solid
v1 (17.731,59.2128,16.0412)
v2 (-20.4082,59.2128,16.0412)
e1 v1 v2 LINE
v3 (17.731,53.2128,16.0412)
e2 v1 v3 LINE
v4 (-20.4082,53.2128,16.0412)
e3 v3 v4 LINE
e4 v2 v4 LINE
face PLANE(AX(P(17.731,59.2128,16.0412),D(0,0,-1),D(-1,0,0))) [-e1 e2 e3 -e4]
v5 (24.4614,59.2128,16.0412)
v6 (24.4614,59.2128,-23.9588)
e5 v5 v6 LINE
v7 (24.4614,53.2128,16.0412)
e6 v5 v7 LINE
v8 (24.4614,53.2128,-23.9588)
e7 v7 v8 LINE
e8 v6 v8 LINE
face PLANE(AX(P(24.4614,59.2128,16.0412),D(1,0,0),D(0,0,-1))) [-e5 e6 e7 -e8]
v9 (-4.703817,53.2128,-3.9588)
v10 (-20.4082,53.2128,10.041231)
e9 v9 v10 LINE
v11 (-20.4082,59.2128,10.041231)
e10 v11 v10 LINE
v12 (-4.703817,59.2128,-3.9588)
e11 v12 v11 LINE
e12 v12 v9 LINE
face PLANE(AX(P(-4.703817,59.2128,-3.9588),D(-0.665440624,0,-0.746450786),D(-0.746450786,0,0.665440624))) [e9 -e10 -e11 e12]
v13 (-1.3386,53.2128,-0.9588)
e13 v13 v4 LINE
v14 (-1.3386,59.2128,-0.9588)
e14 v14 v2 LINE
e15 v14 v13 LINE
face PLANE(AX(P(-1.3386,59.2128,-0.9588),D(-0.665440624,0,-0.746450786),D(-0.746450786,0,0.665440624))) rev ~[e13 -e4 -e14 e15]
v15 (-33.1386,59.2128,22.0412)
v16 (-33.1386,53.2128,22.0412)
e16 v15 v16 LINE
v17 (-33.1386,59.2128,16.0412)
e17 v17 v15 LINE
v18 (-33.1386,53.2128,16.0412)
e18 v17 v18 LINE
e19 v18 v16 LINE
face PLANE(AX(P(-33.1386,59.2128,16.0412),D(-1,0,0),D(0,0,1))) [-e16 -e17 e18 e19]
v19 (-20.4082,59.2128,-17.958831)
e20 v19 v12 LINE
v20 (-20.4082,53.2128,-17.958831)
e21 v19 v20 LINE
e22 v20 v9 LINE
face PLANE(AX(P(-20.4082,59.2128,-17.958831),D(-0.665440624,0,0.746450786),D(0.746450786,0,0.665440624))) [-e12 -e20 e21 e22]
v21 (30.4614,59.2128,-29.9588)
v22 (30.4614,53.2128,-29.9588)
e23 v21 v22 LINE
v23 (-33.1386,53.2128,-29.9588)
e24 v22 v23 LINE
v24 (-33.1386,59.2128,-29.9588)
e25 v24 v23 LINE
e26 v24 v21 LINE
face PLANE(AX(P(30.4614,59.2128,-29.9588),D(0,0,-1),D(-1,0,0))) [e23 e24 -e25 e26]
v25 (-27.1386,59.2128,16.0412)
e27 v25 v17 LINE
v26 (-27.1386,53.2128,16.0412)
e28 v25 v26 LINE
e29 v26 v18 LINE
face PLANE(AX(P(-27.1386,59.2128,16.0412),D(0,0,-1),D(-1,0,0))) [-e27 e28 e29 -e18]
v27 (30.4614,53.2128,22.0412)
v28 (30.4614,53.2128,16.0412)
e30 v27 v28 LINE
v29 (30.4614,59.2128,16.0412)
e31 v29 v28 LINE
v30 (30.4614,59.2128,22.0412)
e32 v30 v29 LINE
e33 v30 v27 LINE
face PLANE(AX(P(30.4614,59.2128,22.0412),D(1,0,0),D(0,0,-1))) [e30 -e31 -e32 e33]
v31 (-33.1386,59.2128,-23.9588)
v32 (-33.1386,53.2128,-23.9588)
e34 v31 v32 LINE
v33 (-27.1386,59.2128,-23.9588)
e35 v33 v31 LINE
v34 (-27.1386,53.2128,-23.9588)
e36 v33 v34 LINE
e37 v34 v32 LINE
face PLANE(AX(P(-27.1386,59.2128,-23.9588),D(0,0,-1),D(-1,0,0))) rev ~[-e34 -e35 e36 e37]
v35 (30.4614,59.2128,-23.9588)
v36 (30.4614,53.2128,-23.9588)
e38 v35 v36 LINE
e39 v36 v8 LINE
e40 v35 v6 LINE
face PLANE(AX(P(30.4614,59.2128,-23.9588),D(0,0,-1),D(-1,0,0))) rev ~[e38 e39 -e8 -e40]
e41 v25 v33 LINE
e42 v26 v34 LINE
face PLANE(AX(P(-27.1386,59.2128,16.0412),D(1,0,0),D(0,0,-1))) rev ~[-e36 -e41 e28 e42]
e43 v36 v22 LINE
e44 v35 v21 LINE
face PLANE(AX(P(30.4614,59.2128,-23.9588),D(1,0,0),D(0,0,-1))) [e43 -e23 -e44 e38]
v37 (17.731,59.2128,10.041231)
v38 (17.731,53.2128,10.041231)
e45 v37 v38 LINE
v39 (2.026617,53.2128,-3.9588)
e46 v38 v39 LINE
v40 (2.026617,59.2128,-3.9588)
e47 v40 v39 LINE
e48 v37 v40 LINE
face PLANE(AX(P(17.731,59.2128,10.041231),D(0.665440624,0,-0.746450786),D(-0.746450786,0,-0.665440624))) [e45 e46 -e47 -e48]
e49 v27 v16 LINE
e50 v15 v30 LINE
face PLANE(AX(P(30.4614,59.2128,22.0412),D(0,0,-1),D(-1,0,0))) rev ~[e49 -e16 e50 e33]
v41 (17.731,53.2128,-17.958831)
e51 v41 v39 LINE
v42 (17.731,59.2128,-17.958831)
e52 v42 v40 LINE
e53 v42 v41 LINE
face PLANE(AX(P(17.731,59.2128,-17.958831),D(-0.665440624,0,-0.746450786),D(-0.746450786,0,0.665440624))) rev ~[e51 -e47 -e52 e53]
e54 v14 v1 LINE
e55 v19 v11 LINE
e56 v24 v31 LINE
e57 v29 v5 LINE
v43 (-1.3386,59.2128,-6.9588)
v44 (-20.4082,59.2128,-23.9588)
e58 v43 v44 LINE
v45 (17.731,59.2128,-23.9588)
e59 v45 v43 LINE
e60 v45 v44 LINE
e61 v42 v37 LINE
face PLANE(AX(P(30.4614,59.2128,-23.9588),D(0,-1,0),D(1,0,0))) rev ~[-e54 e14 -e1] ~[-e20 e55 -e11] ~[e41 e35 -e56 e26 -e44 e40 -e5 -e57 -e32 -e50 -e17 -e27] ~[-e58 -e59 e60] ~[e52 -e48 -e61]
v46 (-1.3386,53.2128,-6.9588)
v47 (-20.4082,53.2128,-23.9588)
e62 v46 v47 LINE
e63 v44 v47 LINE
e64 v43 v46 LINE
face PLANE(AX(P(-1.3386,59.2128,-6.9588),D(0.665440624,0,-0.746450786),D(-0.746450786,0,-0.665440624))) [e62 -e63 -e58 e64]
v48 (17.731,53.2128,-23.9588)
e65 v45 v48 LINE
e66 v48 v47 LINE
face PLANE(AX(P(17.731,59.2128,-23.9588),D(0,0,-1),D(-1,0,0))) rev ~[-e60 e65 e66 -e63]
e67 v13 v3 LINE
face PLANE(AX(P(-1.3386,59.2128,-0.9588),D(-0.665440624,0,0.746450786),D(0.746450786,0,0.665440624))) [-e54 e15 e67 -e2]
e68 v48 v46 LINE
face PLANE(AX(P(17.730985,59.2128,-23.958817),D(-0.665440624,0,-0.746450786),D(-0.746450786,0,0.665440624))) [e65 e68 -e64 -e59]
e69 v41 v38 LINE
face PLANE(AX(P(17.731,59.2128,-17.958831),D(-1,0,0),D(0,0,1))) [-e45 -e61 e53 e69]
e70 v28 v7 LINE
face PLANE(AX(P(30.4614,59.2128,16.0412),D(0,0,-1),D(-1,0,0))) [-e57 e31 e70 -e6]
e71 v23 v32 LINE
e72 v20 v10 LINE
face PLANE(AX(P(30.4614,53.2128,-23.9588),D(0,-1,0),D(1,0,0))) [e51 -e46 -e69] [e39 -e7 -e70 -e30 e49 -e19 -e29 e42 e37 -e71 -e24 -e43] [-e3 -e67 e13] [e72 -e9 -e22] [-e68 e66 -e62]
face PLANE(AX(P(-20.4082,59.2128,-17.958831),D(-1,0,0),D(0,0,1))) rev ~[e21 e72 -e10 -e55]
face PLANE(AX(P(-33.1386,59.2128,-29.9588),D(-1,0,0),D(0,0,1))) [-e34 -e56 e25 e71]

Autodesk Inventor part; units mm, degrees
ref_plane "YZ Plane" through (0, 0, 0) normal (1, 0, 0) x (0, 1, 0)
ref_plane "XZ Plane" through (0, 0, 0) normal (0, 1, 0) x (-1, 0, 0)
ref_plane "XY Plane" through (0, 0, 0) normal (0, 0, 1) x (1, 0, 0)
ref_plane "Work Plane1" through (30.4614, 59.2128, -23.9588) normal (0, -1, 0) x (1, 0, 0)
sketch "Sketch1" plane through (30.4614, 59.2128, -23.9588) normal (0, -1, 0) x (1, 0, 0)
  line L0 (0, 0) -> (0, -6) projected
  line L1 (0, 0) -> (-6, 0) projected
  line L2 (-6, -6) -> (-6, 0) projected
  line L3 (0, -6) -> (-6, -6) projected
  line L4 (0, 46) -> (0, 40) projected
  line L5 (0, 46) -> (-6, 46) projected
  line L6 (-6, 40) -> (-6, 46) projected
  line L7 (0, 40) -> (-6, 40) projected
  line L8 (-57.6, 0) -> (-57.6, -6) projected
  line L9 (-57.6, 0) -> (-63.6, 0) projected
  line L10 (-63.6, -6) -> (-63.6, 0) projected
  line L11 (-57.6, -6) -> (-63.6, -6) projected
  line L12 (-57.6, 46) -> (-57.6, 40) projected
  line L13 (-57.6, 46) -> (-63.6, 46) projected
  line L14 (-63.6, 40) -> (-63.6, 46) projected
  line L15 (-57.6, 40) -> (-63.6, 40) projected
  line L16 (0, -6) -> (-6, -6)
  line L17 (-6, -6) -> (-6, 0)
  line L18 (-6, 0) -> (0, 0)
  line L19 (0, 0) -> (0, -6)
  line L20 (-63.6, -6) -> (-57.6, -6)
  line L21 (-57.6, -6) -> (-57.6, 0)
  line L22 (-57.6, 0) -> (-63.6, 0)
  line L23 (-63.6, 0) -> (-63.6, -6)
  line L24 (0, 40) -> (-6, 40)
  line L25 (-6, 40) -> (-6, 46)
  line L26 (-6, 46) -> (0, 46)
  line L27 (0, 46) -> (0, 40)
  line L28 (-63.6, 40) -> (-57.6, 40)
  line L29 (-57.6, 40) -> (-57.6, 46)
  line L30 (-57.6, 46) -> (-63.6, 46)
  line L31 (-63.6, 46) -> (-63.6, 40)
  line L32 (-6, 0) -> (-57.6, 46)
  line L33 (-6, -6) -> (-57.6, 40)
  line L34 (-57.6, 0) -> (-6, 46)
  line L35 (-6, 40) -> (-57.6, -6)
  line L36 (-6, 46) -> (-57.6, 46)
  line L37 (-6, 40) -> (-57.6, 40)
  line L38 (-57.6, -6) -> (-6, -6)
  line L39 (-6, 0) -> (-57.6, 0)
  line L40 (-50.8696, 0) -> (-50.8696, 40)
  line L41 (-12.7304, 0) -> (-12.7304, 40)
  line L42 (-57.6, 40) -> (-57.6, 0)
  line L43 (-6, 40) -> (-6, 0)
  point P0 (-30.4614, 23.9588)
  point P1 (-35.1652, 20)
  point P2 (-50.8696, 6)
  point P3 (-50.8696, 34)
  point P4 (-31.8, 23)
  point P5 (-31.8, 17)
  point P6 (-28.4348, 20)
  point P7 (-12.7304, 34)
  point P8 (-12.7304, 6)
extrude "Extrusion1" add sketch "Sketch1" along normal blind 6 contours L0 L3 L2 L1 | L39 L41 L32 | L2 L33 L39 | L32 L41 L35 L43 | L38 L35 L39 L33 | L41 L33 L35 L32 | L37 L34 L6 | L6 L5 L4 L7 | L35 L41 L37 | L11 L10 L9 L8 | L8 L39 L35 | L35 L33 L34 L32 | L32 L34 L41 L35 | L35 L40 L34 L33 | L39 L34 L40 | L34 L37 L32 L36 | L42 L33 L40 L34 | L34 L33 L40 L32 | L32 L37 L12 | L12 L15 L14 L13 | L40 L33 L37
properties part number "CrossReinforcement"
